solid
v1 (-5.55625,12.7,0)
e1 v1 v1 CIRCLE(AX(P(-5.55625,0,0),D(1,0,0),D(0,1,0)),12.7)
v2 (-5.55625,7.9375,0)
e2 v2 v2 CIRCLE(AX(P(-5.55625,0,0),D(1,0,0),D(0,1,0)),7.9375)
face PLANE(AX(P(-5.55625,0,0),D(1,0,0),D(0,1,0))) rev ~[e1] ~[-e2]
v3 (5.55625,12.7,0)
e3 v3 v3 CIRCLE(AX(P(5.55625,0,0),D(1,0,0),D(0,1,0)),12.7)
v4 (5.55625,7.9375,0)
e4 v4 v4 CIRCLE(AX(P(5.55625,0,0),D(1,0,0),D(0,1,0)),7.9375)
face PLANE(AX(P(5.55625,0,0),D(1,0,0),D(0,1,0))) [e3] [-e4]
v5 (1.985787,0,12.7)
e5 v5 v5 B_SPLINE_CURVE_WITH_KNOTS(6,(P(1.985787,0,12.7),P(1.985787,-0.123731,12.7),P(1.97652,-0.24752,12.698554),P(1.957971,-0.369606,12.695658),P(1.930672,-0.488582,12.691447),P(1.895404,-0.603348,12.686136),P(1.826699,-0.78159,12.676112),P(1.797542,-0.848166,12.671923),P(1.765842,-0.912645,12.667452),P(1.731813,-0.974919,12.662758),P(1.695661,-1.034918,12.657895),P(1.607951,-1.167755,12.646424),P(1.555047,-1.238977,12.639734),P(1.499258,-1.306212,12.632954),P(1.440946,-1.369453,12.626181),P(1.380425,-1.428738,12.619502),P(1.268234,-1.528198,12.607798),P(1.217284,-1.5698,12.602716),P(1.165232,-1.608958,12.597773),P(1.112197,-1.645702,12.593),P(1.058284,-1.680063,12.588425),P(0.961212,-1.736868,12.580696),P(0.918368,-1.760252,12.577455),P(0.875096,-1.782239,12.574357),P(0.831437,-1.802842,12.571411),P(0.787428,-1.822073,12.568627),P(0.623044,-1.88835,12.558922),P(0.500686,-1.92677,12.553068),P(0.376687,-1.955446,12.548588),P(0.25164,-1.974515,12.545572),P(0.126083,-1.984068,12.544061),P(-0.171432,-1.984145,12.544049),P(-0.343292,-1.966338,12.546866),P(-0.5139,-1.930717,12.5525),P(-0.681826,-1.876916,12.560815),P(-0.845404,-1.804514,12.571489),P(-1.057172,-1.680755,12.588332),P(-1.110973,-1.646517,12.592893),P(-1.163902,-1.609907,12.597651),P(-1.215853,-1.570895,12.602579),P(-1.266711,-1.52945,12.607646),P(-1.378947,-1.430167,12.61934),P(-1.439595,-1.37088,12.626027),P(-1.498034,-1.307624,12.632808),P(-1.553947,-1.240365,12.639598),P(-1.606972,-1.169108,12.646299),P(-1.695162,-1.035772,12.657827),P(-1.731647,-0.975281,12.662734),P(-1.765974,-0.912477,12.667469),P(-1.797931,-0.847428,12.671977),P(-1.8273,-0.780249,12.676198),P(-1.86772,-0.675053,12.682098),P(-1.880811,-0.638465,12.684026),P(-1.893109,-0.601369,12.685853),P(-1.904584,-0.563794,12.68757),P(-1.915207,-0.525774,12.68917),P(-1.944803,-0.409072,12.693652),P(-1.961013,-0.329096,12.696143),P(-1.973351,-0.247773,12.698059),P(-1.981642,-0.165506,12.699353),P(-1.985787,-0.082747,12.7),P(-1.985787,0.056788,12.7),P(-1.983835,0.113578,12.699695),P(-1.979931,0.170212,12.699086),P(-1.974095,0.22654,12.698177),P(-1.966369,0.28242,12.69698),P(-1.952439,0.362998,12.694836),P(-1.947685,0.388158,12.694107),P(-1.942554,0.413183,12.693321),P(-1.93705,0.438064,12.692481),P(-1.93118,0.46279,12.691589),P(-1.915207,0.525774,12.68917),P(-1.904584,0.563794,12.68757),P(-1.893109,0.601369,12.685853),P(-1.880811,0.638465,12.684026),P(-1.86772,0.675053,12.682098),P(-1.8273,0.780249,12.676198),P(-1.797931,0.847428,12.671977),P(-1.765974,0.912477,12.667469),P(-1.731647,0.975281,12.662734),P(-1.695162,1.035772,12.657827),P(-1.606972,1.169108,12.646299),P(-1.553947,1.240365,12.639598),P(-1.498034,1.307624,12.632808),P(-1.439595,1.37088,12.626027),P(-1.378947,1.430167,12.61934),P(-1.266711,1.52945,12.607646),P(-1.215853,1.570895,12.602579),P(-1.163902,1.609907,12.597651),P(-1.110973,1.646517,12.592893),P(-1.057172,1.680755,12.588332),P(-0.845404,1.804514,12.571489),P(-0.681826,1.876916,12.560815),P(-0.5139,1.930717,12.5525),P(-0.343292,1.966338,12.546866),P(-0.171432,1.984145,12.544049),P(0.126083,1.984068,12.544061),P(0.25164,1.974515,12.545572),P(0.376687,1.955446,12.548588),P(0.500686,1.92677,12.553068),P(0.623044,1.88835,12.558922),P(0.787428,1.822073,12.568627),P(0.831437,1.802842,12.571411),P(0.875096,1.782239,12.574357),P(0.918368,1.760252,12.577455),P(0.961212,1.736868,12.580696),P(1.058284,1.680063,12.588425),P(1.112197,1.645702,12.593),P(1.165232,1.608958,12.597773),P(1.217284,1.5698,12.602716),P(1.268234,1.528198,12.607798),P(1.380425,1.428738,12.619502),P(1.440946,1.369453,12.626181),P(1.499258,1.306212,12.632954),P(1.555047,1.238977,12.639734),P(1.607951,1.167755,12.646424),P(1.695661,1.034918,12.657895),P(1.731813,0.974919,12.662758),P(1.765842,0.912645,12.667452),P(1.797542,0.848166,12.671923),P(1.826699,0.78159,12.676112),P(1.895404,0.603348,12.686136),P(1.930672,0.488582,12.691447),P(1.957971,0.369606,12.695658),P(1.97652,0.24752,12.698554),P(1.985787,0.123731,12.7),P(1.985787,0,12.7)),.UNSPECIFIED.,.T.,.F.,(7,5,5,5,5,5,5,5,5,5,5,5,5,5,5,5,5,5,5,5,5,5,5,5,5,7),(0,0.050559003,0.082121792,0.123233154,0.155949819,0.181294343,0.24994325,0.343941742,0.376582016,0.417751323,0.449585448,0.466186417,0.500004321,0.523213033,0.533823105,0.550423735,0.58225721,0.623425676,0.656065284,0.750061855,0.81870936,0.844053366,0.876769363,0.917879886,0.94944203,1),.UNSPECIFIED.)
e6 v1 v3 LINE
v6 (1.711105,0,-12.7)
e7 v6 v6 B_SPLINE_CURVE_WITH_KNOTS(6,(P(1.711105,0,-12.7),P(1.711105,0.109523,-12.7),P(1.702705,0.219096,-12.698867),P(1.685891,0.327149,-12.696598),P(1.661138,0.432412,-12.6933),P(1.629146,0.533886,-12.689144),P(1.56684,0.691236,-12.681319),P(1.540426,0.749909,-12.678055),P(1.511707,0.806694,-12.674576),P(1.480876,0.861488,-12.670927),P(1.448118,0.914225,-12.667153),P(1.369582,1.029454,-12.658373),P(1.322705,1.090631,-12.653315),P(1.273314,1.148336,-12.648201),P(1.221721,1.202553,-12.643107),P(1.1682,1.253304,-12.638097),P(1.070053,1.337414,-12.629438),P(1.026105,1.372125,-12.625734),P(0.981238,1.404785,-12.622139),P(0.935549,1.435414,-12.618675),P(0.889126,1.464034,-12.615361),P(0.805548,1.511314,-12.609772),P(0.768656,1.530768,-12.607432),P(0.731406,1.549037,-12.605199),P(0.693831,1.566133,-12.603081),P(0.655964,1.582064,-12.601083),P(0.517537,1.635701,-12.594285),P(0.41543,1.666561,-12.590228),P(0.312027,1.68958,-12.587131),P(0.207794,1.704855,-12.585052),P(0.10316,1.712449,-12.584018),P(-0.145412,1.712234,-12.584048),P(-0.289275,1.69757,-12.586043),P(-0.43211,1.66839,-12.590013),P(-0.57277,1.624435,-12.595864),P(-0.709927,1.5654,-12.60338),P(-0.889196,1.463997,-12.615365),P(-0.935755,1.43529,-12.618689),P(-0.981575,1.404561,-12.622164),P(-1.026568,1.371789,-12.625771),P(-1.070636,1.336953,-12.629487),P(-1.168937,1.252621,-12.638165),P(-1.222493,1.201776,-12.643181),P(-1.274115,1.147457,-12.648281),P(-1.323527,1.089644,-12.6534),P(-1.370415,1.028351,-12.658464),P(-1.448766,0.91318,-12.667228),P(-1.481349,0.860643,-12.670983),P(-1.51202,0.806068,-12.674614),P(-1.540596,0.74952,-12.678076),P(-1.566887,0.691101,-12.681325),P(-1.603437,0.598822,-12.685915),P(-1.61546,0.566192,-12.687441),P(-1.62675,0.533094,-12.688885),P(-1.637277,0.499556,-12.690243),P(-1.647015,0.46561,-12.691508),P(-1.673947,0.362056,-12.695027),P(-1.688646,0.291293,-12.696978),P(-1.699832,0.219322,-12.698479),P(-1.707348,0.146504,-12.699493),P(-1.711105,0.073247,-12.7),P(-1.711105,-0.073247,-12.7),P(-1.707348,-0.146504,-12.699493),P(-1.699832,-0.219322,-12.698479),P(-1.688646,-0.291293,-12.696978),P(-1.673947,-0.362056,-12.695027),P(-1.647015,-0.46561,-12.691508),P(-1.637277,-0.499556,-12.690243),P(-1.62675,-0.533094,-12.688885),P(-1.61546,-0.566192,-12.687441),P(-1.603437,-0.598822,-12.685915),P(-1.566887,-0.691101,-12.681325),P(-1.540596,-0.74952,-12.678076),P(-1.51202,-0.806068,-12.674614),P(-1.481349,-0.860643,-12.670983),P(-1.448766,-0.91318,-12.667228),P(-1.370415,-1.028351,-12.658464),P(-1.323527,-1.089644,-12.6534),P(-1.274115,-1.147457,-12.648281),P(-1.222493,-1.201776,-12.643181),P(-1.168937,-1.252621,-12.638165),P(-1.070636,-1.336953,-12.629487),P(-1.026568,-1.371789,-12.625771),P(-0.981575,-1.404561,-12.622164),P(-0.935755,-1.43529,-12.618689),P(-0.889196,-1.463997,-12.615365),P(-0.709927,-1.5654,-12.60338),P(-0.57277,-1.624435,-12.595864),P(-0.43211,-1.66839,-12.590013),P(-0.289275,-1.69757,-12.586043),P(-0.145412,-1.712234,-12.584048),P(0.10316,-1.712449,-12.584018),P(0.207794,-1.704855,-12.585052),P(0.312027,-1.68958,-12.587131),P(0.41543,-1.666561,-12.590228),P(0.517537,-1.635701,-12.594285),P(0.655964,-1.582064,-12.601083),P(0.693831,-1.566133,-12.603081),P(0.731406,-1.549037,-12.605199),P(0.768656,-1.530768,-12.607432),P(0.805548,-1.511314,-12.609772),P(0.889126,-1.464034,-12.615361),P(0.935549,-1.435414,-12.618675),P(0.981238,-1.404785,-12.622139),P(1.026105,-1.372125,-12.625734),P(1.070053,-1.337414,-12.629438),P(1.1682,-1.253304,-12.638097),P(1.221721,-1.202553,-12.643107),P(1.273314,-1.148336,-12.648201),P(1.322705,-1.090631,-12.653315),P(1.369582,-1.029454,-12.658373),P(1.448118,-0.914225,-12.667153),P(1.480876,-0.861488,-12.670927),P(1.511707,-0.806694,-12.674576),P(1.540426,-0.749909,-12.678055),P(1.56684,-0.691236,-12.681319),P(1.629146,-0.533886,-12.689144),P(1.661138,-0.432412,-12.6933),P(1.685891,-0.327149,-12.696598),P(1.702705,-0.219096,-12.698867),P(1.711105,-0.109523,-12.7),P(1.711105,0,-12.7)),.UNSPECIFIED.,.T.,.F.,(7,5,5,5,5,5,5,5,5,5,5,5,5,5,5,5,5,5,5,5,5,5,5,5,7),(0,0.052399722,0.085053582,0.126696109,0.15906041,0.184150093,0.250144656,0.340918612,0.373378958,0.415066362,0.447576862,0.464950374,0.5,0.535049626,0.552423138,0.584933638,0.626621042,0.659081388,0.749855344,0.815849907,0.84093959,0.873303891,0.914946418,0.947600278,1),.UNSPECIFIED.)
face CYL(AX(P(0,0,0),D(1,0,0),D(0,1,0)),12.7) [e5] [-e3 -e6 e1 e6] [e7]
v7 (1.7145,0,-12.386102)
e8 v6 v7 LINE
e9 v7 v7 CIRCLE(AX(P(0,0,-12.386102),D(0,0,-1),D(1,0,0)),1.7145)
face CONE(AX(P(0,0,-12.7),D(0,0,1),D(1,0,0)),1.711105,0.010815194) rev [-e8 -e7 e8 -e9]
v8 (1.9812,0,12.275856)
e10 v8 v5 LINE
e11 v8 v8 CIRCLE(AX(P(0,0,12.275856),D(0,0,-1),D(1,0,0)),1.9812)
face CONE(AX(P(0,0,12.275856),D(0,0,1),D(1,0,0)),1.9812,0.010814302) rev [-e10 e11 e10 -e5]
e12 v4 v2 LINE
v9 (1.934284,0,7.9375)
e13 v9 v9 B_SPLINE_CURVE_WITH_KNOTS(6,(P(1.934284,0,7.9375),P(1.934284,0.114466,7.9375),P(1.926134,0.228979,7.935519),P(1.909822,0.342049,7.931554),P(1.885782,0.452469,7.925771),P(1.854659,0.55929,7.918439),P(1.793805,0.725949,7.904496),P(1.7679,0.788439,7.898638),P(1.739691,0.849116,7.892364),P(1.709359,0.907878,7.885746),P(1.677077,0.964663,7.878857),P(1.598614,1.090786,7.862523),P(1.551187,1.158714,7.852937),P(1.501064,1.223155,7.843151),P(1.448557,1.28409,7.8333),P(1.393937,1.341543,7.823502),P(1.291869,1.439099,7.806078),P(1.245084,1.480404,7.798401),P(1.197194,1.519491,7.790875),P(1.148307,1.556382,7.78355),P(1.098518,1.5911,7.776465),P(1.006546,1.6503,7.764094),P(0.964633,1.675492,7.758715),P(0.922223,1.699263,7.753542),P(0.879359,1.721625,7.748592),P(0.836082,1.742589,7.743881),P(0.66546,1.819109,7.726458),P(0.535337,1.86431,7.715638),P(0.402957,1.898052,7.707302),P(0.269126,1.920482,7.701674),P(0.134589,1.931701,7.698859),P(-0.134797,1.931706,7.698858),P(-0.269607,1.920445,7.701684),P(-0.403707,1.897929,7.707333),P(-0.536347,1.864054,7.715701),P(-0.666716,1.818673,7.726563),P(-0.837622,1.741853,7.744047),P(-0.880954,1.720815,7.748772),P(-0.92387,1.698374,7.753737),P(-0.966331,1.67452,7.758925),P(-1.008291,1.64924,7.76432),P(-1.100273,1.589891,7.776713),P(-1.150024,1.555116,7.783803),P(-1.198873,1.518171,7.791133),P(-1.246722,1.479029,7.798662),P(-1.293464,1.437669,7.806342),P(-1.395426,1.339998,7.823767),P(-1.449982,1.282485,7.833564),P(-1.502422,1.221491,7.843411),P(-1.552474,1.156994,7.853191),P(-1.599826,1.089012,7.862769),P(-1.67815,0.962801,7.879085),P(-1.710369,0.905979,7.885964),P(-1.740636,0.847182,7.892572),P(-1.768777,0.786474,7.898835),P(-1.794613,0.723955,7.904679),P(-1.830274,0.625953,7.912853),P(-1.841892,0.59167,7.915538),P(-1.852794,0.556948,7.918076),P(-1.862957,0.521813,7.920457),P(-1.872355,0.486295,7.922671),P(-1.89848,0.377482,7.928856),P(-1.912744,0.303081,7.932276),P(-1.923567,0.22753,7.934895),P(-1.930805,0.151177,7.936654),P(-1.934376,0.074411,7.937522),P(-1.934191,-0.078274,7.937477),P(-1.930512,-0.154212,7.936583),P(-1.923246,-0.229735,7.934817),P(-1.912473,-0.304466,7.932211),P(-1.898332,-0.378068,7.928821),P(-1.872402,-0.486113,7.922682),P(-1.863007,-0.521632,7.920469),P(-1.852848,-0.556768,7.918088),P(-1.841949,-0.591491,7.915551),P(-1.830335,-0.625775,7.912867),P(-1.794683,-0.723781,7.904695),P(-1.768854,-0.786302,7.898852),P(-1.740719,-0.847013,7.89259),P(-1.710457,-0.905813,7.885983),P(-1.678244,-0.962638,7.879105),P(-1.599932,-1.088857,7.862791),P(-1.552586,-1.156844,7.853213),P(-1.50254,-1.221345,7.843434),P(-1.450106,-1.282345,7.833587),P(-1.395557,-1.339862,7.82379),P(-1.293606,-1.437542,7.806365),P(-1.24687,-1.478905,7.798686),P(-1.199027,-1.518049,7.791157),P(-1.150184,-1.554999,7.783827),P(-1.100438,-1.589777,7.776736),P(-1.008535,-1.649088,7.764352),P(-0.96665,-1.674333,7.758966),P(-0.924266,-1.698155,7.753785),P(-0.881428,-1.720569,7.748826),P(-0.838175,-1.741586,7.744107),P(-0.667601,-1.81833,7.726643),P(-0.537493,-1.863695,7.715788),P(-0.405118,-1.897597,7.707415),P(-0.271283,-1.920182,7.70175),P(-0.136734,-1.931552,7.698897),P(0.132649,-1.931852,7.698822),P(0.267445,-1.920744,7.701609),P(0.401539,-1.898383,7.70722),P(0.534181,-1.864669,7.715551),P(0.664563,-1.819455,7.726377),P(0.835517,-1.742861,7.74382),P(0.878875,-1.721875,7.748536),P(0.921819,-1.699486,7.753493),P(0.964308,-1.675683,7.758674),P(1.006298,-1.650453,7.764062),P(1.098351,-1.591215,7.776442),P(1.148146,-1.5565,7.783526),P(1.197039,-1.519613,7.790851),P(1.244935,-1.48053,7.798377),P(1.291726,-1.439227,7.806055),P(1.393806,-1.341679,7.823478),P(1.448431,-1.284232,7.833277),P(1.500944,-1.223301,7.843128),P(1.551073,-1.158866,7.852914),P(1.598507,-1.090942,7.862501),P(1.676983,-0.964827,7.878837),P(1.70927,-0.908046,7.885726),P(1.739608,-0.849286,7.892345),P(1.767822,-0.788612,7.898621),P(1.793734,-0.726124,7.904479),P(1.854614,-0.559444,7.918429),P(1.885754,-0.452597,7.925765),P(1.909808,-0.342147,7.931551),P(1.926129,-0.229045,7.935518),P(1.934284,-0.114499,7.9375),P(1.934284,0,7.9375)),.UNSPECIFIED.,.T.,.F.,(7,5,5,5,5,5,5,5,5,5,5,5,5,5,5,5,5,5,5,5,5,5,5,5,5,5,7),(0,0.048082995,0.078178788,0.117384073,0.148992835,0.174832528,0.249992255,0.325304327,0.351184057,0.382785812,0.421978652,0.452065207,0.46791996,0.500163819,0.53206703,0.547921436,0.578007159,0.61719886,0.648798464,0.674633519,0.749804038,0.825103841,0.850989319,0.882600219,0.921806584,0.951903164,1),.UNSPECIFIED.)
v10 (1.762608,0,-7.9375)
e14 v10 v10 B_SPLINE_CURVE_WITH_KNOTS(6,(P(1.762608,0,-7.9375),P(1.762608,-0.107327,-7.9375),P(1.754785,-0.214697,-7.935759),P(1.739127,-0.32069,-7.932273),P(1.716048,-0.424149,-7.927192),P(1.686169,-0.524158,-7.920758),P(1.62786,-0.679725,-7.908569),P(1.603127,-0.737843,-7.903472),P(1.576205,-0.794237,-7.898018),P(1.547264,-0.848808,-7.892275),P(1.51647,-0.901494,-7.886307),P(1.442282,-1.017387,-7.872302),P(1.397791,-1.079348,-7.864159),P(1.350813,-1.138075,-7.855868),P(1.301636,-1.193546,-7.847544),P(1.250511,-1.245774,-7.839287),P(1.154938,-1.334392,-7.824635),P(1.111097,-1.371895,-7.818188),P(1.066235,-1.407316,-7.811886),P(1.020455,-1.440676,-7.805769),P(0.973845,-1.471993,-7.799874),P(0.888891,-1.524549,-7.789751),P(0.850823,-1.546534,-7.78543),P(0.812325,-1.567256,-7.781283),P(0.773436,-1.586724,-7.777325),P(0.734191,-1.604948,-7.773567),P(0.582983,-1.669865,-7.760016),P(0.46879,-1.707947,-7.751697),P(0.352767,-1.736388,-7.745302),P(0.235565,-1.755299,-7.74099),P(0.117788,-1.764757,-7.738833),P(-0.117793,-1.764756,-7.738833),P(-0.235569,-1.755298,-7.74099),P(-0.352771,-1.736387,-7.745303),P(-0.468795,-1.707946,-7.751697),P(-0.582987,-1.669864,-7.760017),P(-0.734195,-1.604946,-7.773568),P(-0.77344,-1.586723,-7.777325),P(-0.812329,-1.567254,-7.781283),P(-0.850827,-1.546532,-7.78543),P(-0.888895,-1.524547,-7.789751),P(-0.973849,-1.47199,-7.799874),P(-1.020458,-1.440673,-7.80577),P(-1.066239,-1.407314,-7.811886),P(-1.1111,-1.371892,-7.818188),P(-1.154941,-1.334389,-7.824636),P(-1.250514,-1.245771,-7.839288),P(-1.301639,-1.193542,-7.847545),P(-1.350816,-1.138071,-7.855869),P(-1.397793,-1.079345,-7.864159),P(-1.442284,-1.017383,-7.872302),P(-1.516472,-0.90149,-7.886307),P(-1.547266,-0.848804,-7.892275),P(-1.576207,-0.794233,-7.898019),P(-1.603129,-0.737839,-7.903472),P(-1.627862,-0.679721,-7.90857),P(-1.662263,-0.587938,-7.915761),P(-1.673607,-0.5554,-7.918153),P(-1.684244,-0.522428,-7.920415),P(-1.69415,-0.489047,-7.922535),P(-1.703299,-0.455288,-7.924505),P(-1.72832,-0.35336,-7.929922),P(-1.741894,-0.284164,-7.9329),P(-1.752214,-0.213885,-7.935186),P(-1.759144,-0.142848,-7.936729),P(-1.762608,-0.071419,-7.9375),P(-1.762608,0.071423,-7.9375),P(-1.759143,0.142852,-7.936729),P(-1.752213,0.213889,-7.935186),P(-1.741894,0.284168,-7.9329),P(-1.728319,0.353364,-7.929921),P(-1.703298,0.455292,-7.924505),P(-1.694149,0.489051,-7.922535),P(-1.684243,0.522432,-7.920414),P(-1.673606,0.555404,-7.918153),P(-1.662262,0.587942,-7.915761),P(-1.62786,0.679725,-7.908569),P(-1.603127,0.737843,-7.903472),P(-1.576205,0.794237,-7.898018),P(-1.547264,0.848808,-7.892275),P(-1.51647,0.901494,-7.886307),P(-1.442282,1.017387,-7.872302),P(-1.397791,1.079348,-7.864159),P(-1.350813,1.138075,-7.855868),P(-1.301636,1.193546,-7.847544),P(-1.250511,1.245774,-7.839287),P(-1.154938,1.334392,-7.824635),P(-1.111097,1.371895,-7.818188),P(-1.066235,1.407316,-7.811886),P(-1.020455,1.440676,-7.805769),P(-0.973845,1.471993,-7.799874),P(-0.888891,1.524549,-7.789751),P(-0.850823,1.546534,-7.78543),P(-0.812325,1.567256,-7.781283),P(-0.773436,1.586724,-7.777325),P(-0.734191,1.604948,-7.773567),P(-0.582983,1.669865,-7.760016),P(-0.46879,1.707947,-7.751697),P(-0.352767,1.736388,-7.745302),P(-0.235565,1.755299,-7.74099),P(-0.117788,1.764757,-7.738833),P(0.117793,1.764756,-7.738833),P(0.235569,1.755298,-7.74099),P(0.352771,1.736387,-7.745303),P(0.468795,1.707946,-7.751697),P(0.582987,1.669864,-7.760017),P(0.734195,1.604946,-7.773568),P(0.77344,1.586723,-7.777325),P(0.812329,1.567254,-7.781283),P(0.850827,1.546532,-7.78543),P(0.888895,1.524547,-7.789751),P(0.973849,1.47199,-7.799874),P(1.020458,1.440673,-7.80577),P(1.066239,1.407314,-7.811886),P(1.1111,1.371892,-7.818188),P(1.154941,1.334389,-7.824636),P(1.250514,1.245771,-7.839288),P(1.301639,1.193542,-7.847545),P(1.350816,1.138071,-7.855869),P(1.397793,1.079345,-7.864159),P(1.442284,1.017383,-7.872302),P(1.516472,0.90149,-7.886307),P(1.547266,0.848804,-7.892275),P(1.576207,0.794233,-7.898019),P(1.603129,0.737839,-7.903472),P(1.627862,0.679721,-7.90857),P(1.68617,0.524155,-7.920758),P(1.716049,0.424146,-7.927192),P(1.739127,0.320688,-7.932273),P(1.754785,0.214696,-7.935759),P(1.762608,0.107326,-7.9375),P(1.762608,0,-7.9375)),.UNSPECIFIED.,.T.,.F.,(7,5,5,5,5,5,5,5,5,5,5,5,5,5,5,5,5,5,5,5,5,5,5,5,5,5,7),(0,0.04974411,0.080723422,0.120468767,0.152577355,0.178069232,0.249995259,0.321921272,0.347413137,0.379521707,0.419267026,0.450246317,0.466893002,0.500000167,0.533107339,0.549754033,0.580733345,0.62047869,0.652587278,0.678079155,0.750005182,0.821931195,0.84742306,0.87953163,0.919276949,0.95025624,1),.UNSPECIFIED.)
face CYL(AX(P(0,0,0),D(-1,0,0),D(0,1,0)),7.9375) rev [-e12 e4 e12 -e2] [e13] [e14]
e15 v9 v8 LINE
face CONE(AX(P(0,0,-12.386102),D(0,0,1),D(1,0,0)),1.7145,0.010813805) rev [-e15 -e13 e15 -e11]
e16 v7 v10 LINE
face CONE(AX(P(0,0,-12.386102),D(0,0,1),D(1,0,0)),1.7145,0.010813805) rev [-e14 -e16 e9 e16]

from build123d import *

# Parameters (mm, degrees)
F2_R     = 12.7
F2_R_2   = 7.9375
F0_DEPTH = 5.55625


with BuildPart() as f0:
    # F2 (on Right) → F0 (new body, symmetric)
    with BuildSketch(Plane.YZ):
        Circle(F2_R)
        Circle(F2_R_2, mode=Mode.SUBTRACT)
    extrude(amount=F0_DEPTH, both=True)

    # F1 (on Front) → F3 (revolve, cut)
    with BuildSketch(Plane.XZ):
        Polygon((1.7145, -12.386102), (1.9812, 12.275856), (1.985787, 12.7), (0, 12.7), (0, -12.7), (1.711105, -12.7), align=None)
    revolve(axis=Axis((0, 0, 0), (0, 0, -1)), mode=Mode.SUBTRACT)


solid = f0.part
